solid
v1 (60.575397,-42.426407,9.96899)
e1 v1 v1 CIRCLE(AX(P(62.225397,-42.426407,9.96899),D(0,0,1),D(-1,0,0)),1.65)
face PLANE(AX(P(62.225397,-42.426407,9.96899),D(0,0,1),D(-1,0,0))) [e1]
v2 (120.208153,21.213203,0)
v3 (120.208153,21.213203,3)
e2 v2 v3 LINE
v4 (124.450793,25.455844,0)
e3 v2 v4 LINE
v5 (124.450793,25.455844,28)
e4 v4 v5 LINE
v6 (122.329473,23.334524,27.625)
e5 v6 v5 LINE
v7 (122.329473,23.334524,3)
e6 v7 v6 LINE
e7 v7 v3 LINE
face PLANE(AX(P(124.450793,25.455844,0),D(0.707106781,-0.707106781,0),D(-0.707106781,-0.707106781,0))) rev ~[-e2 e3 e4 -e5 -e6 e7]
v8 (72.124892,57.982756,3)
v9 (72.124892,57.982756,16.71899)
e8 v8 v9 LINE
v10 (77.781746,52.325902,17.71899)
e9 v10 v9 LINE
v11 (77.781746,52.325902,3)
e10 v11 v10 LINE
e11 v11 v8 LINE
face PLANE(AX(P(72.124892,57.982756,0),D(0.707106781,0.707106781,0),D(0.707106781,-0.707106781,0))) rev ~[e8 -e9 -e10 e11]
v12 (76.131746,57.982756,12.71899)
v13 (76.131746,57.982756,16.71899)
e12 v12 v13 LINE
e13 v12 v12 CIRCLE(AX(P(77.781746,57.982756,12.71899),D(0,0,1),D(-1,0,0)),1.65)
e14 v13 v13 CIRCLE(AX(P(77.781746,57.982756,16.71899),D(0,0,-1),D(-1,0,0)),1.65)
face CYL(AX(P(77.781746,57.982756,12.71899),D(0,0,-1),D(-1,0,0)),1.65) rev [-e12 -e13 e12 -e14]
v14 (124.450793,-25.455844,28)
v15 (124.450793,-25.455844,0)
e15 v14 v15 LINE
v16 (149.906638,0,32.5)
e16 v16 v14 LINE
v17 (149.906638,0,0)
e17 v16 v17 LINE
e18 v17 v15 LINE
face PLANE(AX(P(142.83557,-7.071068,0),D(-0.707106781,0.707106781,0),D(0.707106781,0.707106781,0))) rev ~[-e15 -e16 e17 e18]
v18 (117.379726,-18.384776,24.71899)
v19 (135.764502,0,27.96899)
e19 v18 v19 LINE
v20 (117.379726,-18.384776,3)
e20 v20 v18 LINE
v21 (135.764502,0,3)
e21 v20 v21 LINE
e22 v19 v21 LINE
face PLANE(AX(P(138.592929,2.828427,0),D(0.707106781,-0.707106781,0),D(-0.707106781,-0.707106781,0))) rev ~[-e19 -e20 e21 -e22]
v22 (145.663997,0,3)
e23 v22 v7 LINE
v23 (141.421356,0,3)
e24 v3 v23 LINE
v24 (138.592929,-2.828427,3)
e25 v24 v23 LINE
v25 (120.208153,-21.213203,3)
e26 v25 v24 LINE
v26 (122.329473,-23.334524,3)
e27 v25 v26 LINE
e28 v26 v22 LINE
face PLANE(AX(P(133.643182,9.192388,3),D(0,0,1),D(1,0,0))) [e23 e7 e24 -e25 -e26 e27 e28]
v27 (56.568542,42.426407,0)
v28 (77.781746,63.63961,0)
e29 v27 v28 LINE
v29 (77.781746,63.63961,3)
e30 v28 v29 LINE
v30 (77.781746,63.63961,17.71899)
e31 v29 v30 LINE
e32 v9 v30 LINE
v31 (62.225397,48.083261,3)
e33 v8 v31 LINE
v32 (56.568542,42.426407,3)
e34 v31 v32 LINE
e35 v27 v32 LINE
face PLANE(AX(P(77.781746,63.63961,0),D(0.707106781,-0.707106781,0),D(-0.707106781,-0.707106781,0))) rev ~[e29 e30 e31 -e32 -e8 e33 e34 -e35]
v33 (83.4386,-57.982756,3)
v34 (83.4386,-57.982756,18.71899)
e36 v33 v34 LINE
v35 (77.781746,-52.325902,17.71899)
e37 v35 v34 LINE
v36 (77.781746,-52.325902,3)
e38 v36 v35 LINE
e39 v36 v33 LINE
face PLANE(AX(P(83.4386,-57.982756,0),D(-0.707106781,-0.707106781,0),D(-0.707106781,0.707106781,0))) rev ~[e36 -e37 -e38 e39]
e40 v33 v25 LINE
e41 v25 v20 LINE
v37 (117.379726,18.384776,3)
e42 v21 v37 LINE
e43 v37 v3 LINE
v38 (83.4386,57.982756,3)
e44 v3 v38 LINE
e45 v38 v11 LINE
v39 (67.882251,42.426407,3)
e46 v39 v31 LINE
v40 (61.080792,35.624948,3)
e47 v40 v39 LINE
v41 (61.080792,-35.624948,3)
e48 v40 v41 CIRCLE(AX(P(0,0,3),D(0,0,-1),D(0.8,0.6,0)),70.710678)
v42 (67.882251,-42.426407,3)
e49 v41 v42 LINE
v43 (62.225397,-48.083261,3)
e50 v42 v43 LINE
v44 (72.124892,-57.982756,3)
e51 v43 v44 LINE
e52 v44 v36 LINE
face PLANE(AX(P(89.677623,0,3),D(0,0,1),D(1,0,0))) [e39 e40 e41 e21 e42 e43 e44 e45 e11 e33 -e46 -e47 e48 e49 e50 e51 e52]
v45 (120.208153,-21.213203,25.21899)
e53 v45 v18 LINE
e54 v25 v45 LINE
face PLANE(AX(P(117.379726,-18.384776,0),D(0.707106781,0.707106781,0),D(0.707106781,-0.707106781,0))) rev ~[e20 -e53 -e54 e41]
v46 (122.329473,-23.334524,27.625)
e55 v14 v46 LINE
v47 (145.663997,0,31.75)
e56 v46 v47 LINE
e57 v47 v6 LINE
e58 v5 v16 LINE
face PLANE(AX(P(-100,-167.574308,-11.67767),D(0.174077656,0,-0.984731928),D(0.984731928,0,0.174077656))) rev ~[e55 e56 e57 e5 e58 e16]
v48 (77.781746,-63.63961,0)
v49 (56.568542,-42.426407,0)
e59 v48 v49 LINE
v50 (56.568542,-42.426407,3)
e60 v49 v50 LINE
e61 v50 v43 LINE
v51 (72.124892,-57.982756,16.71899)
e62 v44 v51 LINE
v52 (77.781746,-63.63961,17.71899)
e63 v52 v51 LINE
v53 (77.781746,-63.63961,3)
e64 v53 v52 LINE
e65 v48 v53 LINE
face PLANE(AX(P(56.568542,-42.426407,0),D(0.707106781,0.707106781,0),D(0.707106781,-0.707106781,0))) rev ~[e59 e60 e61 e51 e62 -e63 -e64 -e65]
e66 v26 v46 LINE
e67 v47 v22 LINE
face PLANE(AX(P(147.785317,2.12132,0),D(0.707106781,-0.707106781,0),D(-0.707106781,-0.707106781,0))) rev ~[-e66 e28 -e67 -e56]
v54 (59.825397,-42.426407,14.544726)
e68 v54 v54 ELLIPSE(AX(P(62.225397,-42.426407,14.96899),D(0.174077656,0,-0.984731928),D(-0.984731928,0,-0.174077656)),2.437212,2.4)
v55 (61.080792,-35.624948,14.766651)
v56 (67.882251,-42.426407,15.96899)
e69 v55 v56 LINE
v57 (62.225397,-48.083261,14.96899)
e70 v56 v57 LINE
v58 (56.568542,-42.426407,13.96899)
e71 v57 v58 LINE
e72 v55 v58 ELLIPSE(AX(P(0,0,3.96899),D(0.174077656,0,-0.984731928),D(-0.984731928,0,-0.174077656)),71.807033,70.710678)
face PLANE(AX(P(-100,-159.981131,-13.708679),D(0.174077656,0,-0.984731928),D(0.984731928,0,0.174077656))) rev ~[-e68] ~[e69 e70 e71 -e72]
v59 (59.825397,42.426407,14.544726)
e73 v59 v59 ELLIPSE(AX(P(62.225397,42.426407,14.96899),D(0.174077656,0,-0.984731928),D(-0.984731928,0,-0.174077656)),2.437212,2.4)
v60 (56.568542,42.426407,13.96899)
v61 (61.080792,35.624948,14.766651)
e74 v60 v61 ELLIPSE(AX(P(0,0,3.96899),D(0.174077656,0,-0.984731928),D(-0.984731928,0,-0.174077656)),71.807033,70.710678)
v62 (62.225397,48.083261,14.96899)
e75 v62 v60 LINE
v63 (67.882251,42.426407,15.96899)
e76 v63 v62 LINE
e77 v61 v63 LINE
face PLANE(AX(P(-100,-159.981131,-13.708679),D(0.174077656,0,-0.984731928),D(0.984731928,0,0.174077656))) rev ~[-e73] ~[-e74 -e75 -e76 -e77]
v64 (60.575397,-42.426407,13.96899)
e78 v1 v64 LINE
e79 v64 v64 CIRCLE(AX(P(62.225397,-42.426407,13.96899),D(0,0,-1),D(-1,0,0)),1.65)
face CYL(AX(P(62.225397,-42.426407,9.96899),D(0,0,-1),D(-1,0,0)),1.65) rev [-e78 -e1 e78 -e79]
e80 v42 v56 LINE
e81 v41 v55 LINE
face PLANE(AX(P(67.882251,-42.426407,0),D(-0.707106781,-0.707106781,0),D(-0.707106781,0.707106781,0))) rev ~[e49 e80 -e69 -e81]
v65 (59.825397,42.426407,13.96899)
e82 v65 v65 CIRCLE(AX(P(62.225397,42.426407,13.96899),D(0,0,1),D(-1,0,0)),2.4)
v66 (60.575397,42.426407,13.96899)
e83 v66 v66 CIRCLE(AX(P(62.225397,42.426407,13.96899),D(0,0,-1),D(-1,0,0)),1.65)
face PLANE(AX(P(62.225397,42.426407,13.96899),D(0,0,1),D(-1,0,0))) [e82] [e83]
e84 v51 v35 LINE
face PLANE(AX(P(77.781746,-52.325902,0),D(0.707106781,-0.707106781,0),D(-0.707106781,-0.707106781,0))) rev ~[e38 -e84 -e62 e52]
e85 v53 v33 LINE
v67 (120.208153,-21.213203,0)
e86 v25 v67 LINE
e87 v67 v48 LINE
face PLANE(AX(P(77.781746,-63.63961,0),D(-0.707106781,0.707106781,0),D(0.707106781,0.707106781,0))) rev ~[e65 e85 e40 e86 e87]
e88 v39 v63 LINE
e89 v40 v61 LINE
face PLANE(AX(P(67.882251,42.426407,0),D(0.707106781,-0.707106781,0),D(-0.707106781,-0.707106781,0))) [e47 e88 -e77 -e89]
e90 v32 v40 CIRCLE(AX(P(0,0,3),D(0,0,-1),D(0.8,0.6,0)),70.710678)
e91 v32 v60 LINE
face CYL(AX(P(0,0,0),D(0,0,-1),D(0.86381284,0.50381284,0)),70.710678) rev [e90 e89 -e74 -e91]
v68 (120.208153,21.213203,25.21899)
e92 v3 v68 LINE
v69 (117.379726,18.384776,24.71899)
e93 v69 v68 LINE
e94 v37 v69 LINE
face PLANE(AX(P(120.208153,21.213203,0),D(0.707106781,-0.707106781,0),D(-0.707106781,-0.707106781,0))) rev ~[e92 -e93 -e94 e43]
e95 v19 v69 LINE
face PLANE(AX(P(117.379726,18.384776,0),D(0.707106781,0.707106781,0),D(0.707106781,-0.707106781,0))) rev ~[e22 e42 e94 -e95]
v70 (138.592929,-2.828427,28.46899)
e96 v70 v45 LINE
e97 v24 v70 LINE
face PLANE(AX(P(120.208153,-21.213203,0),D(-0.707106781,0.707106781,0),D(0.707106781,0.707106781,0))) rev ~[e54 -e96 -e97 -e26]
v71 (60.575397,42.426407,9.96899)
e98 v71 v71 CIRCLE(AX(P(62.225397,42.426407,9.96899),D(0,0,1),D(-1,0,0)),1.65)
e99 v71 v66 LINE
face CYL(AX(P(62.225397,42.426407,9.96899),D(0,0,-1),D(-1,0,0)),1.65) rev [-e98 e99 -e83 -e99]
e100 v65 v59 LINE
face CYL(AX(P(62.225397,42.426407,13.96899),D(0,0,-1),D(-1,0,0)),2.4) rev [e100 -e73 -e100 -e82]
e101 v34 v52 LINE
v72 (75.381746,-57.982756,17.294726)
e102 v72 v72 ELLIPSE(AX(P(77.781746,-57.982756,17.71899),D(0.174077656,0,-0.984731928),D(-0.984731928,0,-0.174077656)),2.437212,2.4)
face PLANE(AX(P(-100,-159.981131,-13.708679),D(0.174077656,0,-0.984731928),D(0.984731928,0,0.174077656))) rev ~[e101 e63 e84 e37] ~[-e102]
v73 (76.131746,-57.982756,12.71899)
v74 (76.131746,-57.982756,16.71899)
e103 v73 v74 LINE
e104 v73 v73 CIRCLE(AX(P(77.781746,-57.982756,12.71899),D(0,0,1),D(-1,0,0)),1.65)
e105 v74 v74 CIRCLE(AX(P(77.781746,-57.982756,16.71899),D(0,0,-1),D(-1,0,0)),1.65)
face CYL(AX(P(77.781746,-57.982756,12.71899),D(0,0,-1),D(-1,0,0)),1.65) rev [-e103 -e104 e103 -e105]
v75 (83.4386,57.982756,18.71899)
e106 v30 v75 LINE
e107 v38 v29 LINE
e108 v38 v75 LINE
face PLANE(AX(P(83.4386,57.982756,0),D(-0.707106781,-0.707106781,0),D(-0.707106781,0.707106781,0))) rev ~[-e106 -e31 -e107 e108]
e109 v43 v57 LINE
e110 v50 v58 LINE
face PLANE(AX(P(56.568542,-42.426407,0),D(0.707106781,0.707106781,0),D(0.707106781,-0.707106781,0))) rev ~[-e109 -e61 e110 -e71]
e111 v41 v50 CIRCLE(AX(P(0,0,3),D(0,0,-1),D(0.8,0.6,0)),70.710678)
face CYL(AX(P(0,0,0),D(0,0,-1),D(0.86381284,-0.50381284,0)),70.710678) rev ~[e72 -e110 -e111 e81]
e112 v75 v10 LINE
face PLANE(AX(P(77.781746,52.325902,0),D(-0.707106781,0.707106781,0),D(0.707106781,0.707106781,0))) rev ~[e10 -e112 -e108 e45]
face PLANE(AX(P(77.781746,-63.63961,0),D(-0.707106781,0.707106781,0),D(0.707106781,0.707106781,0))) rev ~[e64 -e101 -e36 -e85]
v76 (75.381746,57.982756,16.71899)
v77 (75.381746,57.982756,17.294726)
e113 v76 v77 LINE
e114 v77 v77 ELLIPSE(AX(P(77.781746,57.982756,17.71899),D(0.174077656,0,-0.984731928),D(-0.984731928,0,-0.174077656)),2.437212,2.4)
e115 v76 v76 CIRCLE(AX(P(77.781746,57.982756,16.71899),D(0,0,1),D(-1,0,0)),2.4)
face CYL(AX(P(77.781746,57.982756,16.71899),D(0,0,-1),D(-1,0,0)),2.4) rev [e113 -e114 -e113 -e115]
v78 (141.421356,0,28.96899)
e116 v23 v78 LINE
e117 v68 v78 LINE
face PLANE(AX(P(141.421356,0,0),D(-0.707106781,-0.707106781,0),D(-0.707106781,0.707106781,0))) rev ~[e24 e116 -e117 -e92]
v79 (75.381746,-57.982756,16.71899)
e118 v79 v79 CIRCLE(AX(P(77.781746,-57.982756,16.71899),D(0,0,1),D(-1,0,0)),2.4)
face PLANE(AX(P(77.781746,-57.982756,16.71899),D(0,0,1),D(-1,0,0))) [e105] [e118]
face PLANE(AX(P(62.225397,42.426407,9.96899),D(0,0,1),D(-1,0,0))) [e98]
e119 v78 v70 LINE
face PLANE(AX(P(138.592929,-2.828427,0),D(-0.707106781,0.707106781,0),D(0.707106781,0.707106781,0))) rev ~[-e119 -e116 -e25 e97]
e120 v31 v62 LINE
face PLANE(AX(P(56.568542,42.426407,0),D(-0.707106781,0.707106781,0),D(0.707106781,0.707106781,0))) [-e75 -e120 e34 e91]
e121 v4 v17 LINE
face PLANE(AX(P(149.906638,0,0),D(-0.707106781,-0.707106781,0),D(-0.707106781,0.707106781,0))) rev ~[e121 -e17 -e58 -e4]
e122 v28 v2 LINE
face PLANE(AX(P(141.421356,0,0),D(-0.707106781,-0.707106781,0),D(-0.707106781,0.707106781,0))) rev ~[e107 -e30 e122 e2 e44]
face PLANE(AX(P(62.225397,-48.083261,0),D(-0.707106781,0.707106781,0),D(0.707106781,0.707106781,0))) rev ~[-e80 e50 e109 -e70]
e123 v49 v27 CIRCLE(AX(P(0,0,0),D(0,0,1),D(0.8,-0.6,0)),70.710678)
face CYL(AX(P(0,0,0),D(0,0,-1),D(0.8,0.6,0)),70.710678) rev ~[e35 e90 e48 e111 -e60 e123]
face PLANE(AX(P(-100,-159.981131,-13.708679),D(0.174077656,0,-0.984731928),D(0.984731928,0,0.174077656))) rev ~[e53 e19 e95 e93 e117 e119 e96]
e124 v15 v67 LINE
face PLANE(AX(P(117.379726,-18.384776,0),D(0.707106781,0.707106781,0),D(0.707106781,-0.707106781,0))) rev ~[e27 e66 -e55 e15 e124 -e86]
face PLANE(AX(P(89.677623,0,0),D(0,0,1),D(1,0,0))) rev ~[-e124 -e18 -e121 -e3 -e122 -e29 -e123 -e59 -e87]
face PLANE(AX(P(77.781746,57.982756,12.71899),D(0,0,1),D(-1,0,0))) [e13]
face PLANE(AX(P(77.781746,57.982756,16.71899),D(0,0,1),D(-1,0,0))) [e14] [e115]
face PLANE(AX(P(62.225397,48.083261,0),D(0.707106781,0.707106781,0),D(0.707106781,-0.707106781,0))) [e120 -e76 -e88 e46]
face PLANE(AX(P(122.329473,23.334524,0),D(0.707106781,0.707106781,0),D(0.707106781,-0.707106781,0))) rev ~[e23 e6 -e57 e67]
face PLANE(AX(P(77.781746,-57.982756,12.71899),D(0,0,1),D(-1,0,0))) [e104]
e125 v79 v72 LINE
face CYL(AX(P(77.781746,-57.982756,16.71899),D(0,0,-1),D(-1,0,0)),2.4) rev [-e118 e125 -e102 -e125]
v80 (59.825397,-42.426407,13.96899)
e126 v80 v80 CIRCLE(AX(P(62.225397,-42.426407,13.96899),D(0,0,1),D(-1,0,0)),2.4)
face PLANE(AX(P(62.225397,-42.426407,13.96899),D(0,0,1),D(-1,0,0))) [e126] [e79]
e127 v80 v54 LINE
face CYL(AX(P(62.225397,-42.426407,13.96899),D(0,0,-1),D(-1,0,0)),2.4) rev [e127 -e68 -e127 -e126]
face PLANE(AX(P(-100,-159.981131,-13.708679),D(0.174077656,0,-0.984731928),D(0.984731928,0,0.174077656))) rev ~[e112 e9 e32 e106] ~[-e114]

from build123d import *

# Parameters (mm, degrees)
CLOSED_BOTTOM_PLATE_3MM_DEPTH       = 3
FOOT1_CURVED_R70P71_DEPTH           = 33
FOOT2_CURVED_R70P71_DEPTH           = 33
PAD4_C_BLANK_DEPTH                  = 33
PAD5_A_BLANK_DEPTH                  = 33
SLOT_BACKING_INSIDE_NORTH_DEPTH     = 35
SLOT_BACKING_INSIDE_EAST_DEPTH      = 35
TOP_OUTER_PLANE_DEPTH               = 159.981130956
TOP_OUTER_PLANE_DEPTH_BACK          = 159.981130956
SLOT_BASE_NORTH_DEPTH               = 3
SLOT_BASE_EAST_DEPTH                = 3
SLOT_OUTER_NORTH_DEPTH              = 35
SLOT_OUTER_EAST_DEPTH               = 35
CUT_EXTRUDE_2_DEPTH                 = 167.574307743
CUT_EXTRUDE_2_DEPTH_BACK            = 167.574307743
LOCATOR_1_SOCKET_D3P3_START         = 9.968990399
LOCATOR_1_SOCKET_D3P3_SKETCH_R      = 1.65
LOCATOR_1_SOCKET_D3P3_DEPTH         = 7
LOCATOR_1_ROOT_RELIEF_D4P8_START    = 13.968990399
LOCATOR_1_ROOT_RELIEF_D4P8_SKETCH_R = 2.4
LOCATOR_1_ROOT_RELIEF_D4P8_DEPTH    = 3
LOCATOR_2_SOCKET_D3P3_START         = 9.968990399
LOCATOR_2_SOCKET_D3P3_SKETCH_R      = 1.65
LOCATOR_2_SOCKET_D3P3_DEPTH         = 7
LOCATOR_2_ROOT_RELIEF_D4P8_START    = 13.968990399
LOCATOR_2_ROOT_RELIEF_D4P8_SKETCH_R = 2.4
LOCATOR_2_ROOT_RELIEF_D4P8_DEPTH    = 3
LOCATOR_3_SOCKET_D3P3_START         = 12.718990399
LOCATOR_3_SOCKET_D3P3_SKETCH_R      = 1.65
LOCATOR_3_SOCKET_D3P3_DEPTH         = 7
LOCATOR_3_ROOT_RELIEF_D4P8_START    = 16.718990399
LOCATOR_3_ROOT_RELIEF_D4P8_SKETCH_R = 2.4
LOCATOR_3_ROOT_RELIEF_D4P8_DEPTH    = 3
LOCATOR_4_SOCKET_D3P3_START         = 12.718990399
LOCATOR_4_SOCKET_D3P3_SKETCH_R      = 1.65
LOCATOR_4_SOCKET_D3P3_DEPTH         = 7
LOCATOR_4_ROOT_RELIEF_D4P8_START    = 16.718990399
LOCATOR_4_ROOT_RELIEF_D4P8_SKETCH_R = 2.4
LOCATOR_4_ROOT_RELIEF_D4P8_DEPTH    = 3


with BuildPart() as part:
    # Closed_bottom_plate_3mm_sketch → Closed_bottom_plate_3mm (new body)
    with BuildSketch(Plane.XY):
        with BuildLine():
            Line((77.781745931, -63.639610307), (141.421356237, 0))
            Line((141.421356237, 0), (77.781745931, 63.639610307))
            Line((77.781745931, 63.639610307), (56.568542495, 42.426406871))
            ThreePointArc((56.568542495, 42.426406871), (70.710678119, 0), (56.568542495, -42.426406871))
            Line((56.568542495, -42.426406871), (77.781745931, -63.639610307))
        make_face()
    extrude(amount=CLOSED_BOTTOM_PLATE_3MM_DEPTH)

    # Foot1_curved_R70p71_sketch → Foot1_curved_R70p71 (add)
    with BuildSketch(Plane.XY):
        with BuildLine():
            Line((62.225396744, 48.083261121), (67.882250994, 42.426406871))
            Line((67.882250994, 42.426406871), (61.080791676, 35.624947554))
            ThreePointArc((61.080791676, 35.624947554), (58.922885367, 39.090837546), (56.568542495, 42.426406871))
            Line((56.568542495, 42.426406871), (62.225396744, 48.083261121))
        make_face()
    extrude(amount=FOOT1_CURVED_R70P71_DEPTH)

    # Foot2_curved_R70p71_sketch → Foot2_curved_R70p71 (add)
    with BuildSketch(Plane.XY):
        with BuildLine():
            Line((62.225396744, -48.083261121), (67.882250994, -42.426406871))
            Line((67.882250994, -42.426406871), (61.080791676, -35.624947554))
            ThreePointArc((61.080791676, -35.624947554), (58.922885367, -39.090837546), (56.568542495, -42.426406871))
            Line((56.568542495, -42.426406871), (62.225396744, -48.083261121))
        make_face()
    extrude(amount=FOOT2_CURVED_R70P71_DEPTH)

    # Pad4_C_blank_sketch → Pad4_C_blank (add)
    with BuildSketch(Plane.XY):
        Polygon((72.124891681, 57.982756057), (77.781745931, 52.325901808), (83.43860018, 57.982756057), (77.781745931, 63.639610307), align=None)
    extrude(amount=PAD4_C_BLANK_DEPTH)

    # Pad5_A_blank_sketch → Pad5_A_blank (add)
    with BuildSketch(Plane.XY):
        Polygon((72.124891681, -57.982756057), (77.781745931, -63.639610307), (83.43860018, -57.982756057), (77.781745931, -52.325901808), align=None)
    extrude(amount=PAD5_A_BLANK_DEPTH)

    # Slot_backing_inside_north_sketch → Slot_backing_inside_north (add)
    with BuildSketch(Plane.XY):
        Polygon((117.379725677, 18.384776311), (138.592929113, -2.828427125), (141.421356237, 0), (120.208152802, 21.213203436), align=None)
    extrude(amount=SLOT_BACKING_INSIDE_NORTH_DEPTH)

    # Slot_backing_inside_east_sketch → Slot_backing_inside_east (add)
    with BuildSketch(Plane.XY):
        Polygon((117.379725677, -18.384776311), (120.208152802, -21.213203436), (141.421356237, 0), (138.592929113, 2.828427125), align=None)
    extrude(amount=SLOT_BACKING_INSIDE_EAST_DEPTH)

    # Top_outer_plane_sketch → Top_outer_plane (cut, two sides: drawn at the far end of the back side and taken through both)
    with BuildSketch(Plane(origin=(0, 0, 0), x_dir=(1, 0, 0), z_dir=(0, 1, 0)).offset(-TOP_OUTER_PLANE_DEPTH_BACK)):
        Polygon((-100, 13.708679131), (250, -48.163164223), (250, -100), (-100, -100), align=None)
    extrude(amount=TOP_OUTER_PLANE_DEPTH + TOP_OUTER_PLANE_DEPTH_BACK, mode=Mode.SUBTRACT)

    # Slot_base_north_sketch → Slot_base_north (add)
    with BuildSketch(Plane.XY):
        Polygon((117.379725677, 18.384776311), (142.8355698, -7.071067812), (149.906637612, 0), (124.450793489, 25.455844123), align=None)
    extrude(amount=SLOT_BASE_NORTH_DEPTH)

    # Slot_base_east_sketch → Slot_base_east (add)
    with BuildSketch(Plane.XY):
        Polygon((117.379725677, -18.384776311), (124.450793489, -25.455844123), (149.906637612, 0), (142.8355698, 7.071067812), align=None)
    extrude(amount=SLOT_BASE_EAST_DEPTH)

    # Slot_outer_north_sketch → Slot_outer_north (add)
    with BuildSketch(Plane.XY):
        Polygon((122.329473145, 23.334523779), (147.785317268, -2.121320344), (149.906637612, 0), (124.450793489, 25.455844123), align=None)
    extrude(amount=SLOT_OUTER_NORTH_DEPTH)

    # Slot_outer_east_sketch → Slot_outer_east (add)
    with BuildSketch(Plane.XY):
        Polygon((122.329473145, -23.334523779), (124.450793489, -25.455844123), (149.906637612, 0), (147.785317268, 2.121320344), align=None)
    extrude(amount=SLOT_OUTER_EAST_DEPTH)

    # 草图13 → 切除-拉伸2 (cut, two sides: drawn at the far end of the back side and taken through both)
    with BuildSketch(Plane(origin=(0, 0, 0), x_dir=(1, 0, 0), z_dir=(0, 1, 0)).offset(-CUT_EXTRUDE_2_DEPTH_BACK)):
        Polygon((-100, 11.67766953), (250, -50.194173824), (250, -100), (-100, -100), align=None)
    extrude(amount=CUT_EXTRUDE_2_DEPTH + CUT_EXTRUDE_2_DEPTH_BACK, mode=Mode.SUBTRACT)

    # Locator_1_socket_D3p3_sketch → Locator_1_socket_D3p3 (cut)
    with BuildSketch(Plane.XY.offset(LOCATOR_1_SOCKET_D3P3_START)):
        with Locations(Location((62.225396744, 42.426406871, 0), (0, 0, 180))):
            Circle(LOCATOR_1_SOCKET_D3P3_SKETCH_R)
    extrude(amount=LOCATOR_1_SOCKET_D3P3_DEPTH, mode=Mode.SUBTRACT)

    # Locator_1_root_relief_D4p8_sketch → Locator_1_root_relief_D4p8 (cut)
    with BuildSketch(Plane.XY.offset(LOCATOR_1_ROOT_RELIEF_D4P8_START)):
        with Locations(Location((62.225396744, 42.426406871, 0), (0, 0, 180))):
            Circle(LOCATOR_1_ROOT_RELIEF_D4P8_SKETCH_R)
    extrude(amount=LOCATOR_1_ROOT_RELIEF_D4P8_DEPTH, mode=Mode.SUBTRACT)

    # Locator_2_socket_D3p3_sketch → Locator_2_socket_D3p3 (cut)
    with BuildSketch(Plane.XY.offset(LOCATOR_2_SOCKET_D3P3_START)):
        with Locations(Location((62.225396744, -42.426406871, 0), (0, 0, 180))):
            Circle(LOCATOR_2_SOCKET_D3P3_SKETCH_R)
    extrude(amount=LOCATOR_2_SOCKET_D3P3_DEPTH, mode=Mode.SUBTRACT)

    # Locator_2_root_relief_D4p8_sketch → Locator_2_root_relief_D4p8 (cut)
    with BuildSketch(Plane.XY.offset(LOCATOR_2_ROOT_RELIEF_D4P8_START)):
        with Locations(Location((62.225396744, -42.426406871, 0), (0, 0, 180))):
            Circle(LOCATOR_2_ROOT_RELIEF_D4P8_SKETCH_R)
    extrude(amount=LOCATOR_2_ROOT_RELIEF_D4P8_DEPTH, mode=Mode.SUBTRACT)

    # Locator_3_socket_D3p3_sketch → Locator_3_socket_D3p3 (cut)
    with BuildSketch(Plane.XY.offset(LOCATOR_3_SOCKET_D3P3_START)):
        with Locations(Location((77.781745931, 57.982756057, 0), (0, 0, 180))):
            Circle(LOCATOR_3_SOCKET_D3P3_SKETCH_R)
    extrude(amount=LOCATOR_3_SOCKET_D3P3_DEPTH, mode=Mode.SUBTRACT)

    # Locator_3_root_relief_D4p8_sketch → Locator_3_root_relief_D4p8 (cut)
    with BuildSketch(Plane.XY.offset(LOCATOR_3_ROOT_RELIEF_D4P8_START)):
        with Locations(Location((77.781745931, 57.982756057, 0), (0, 0, 180))):
            Circle(LOCATOR_3_ROOT_RELIEF_D4P8_SKETCH_R)
    extrude(amount=LOCATOR_3_ROOT_RELIEF_D4P8_DEPTH, mode=Mode.SUBTRACT)

    # Locator_4_socket_D3p3_sketch → Locator_4_socket_D3p3 (cut)
    with BuildSketch(Plane.XY.offset(LOCATOR_4_SOCKET_D3P3_START)):
        with Locations(Location((77.781745931, -57.982756057, 0), (0, 0, 180))):
            Circle(LOCATOR_4_SOCKET_D3P3_SKETCH_R)
    extrude(amount=LOCATOR_4_SOCKET_D3P3_DEPTH, mode=Mode.SUBTRACT)

    # Locator_4_root_relief_D4p8_sketch → Locator_4_root_relief_D4p8 (cut)
    with BuildSketch(Plane.XY.offset(LOCATOR_4_ROOT_RELIEF_D4P8_START)):
        with Locations(Location((77.781745931, -57.982756057, 0), (0, 0, 180))):
            Circle(LOCATOR_4_ROOT_RELIEF_D4P8_SKETCH_R)
    extrude(amount=LOCATOR_4_ROOT_RELIEF_D4P8_DEPTH, mode=Mode.SUBTRACT)


solid = part.part
